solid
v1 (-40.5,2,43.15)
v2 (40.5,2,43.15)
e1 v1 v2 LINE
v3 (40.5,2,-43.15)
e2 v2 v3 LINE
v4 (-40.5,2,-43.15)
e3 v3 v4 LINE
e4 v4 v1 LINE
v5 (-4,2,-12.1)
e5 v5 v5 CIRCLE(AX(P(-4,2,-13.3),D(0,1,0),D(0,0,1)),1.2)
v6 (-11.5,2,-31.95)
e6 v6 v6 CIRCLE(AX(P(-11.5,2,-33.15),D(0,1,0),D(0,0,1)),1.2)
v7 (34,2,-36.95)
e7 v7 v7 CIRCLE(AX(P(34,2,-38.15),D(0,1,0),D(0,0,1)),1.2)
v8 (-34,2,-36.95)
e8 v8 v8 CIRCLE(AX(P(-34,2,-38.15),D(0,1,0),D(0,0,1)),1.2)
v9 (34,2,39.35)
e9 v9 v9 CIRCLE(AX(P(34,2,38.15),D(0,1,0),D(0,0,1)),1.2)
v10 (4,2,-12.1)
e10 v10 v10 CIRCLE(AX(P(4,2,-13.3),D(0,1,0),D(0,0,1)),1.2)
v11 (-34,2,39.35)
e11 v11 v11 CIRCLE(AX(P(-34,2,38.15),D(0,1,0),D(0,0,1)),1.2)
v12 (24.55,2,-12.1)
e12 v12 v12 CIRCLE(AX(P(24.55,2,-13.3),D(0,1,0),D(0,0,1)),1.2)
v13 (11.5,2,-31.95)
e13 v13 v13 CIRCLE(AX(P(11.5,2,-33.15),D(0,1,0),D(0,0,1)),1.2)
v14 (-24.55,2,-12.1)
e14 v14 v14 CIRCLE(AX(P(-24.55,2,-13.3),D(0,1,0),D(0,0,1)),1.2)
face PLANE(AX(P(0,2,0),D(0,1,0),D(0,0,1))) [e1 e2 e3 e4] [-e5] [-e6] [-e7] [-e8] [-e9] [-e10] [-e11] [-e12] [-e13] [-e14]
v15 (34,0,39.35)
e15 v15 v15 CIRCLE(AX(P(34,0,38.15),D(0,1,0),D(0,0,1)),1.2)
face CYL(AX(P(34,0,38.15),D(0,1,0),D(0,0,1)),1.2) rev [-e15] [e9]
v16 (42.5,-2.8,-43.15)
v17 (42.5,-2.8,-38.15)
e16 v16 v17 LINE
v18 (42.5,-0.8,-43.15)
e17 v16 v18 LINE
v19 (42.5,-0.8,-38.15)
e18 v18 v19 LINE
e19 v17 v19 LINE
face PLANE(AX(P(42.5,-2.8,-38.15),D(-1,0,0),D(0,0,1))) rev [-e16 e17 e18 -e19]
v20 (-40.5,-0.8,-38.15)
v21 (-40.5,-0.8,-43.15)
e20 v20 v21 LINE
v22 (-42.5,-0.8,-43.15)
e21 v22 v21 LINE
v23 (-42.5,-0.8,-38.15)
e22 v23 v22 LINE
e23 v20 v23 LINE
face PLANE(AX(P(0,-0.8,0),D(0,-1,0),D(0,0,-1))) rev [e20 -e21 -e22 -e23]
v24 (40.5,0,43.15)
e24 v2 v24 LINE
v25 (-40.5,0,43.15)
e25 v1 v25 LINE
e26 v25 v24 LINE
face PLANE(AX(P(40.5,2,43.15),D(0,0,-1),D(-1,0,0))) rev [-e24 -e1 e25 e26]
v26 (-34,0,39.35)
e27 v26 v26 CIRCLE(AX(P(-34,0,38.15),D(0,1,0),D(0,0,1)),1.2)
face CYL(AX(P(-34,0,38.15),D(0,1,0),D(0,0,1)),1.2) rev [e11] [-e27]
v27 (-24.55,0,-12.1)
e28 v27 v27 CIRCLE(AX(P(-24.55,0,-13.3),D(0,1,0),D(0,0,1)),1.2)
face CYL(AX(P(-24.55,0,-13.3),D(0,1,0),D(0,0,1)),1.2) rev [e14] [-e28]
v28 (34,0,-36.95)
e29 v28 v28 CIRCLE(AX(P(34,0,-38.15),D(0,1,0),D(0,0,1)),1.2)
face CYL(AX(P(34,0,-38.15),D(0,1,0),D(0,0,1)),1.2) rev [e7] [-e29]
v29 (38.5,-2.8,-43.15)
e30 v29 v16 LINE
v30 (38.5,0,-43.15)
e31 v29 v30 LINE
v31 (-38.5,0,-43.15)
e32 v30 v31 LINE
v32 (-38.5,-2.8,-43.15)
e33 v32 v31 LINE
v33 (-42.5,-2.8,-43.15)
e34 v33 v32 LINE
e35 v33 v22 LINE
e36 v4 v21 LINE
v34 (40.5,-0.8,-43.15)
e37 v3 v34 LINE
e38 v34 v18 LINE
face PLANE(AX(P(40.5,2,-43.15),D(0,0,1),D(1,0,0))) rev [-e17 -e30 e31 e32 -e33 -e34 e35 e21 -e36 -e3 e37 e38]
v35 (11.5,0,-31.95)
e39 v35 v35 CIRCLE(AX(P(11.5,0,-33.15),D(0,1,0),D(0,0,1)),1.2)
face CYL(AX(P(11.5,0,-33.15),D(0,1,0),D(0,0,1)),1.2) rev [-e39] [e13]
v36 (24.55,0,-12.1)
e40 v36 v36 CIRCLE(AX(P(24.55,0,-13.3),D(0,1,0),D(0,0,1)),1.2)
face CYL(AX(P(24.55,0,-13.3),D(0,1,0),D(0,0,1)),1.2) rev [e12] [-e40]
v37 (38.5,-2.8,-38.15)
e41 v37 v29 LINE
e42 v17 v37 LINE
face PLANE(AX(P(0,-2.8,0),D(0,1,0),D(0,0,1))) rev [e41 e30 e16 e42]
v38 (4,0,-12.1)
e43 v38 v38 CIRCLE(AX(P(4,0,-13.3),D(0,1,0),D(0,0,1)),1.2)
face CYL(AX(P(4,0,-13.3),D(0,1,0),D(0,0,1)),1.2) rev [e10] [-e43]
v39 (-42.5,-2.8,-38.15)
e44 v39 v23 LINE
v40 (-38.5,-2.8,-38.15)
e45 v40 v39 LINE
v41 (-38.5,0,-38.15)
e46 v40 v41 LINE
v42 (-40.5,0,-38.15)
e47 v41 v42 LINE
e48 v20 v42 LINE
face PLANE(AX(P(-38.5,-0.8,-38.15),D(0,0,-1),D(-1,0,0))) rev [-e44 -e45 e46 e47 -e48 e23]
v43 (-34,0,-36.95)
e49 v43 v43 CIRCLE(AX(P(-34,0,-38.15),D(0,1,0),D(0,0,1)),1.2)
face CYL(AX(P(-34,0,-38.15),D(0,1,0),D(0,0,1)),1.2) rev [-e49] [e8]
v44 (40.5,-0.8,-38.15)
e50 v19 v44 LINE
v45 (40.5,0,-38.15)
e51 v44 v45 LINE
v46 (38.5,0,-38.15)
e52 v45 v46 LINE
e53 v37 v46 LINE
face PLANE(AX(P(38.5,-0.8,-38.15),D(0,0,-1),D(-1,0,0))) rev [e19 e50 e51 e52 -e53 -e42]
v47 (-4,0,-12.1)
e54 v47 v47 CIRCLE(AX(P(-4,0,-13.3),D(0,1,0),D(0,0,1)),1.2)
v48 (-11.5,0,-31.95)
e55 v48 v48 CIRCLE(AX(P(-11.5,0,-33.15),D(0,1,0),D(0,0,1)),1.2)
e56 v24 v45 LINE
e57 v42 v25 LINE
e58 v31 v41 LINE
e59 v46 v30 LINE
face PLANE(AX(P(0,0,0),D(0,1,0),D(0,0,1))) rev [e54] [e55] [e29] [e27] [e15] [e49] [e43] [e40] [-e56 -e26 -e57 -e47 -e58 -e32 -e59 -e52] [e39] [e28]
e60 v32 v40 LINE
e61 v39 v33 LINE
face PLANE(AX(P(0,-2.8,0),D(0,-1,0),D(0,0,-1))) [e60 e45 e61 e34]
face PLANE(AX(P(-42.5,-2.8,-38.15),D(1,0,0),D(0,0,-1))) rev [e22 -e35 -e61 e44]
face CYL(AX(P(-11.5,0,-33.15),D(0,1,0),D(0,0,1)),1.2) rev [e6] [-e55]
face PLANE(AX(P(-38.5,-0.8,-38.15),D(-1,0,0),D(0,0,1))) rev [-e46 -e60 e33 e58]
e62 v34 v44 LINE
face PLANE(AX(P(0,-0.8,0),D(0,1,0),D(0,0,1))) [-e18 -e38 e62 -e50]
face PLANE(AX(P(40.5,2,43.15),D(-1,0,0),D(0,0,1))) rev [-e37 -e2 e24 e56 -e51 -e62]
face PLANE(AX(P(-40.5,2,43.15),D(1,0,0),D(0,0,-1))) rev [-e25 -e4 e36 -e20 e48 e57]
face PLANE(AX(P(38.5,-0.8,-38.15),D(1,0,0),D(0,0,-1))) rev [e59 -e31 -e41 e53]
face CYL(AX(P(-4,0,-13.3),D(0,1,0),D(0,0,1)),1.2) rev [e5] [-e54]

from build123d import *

# Parameters (mm, degrees)
SKETCH_1_W          = 81
SKETCH_1_H          = 86.3
EXTRUDE_1_DEPTH     = 2
SKETCH_2_R          = 1.2
CUT_EXTRUDE_1_DEPTH = 2
SKETCH_3_W          = 2
SKETCH_3_H          = 5
EXTRUDE_2_DEPTH     = 0.8
SKETCH_4_W          = 4
SKETCH_4_H          = 5
EXTRUDE_3_DEPTH     = 2


with BuildPart() as part:
    # ｽｹｯﾁ1 → ﾎﾞｽ - 押し出し1 (new body)
    with BuildSketch(Plane(origin=(0, 0, 0), x_dir=(1, 0, 0), z_dir=(0, 1, 0))):
        Rectangle(SKETCH_1_W, SKETCH_1_H)
    extrude(amount=EXTRUDE_1_DEPTH)

    # ｽｹｯﾁ2 → ｶｯﾄ - 押し出し1 (cut)
    with BuildSketch(Plane(origin=(0, 2, 0), x_dir=(1, 0, 0), z_dir=(0, 1, 0))):
        with Locations(Location((-34, -38.15, 0), (0, 0, 270))):
            Circle(SKETCH_2_R)
        with Locations(Location((-34, 38.15, 0), (0, 0, 270))):
            Circle(SKETCH_2_R)
        with Locations(Location((34, 38.15, 0), (0, 0, 270))):
            Circle(SKETCH_2_R)
        with Locations(Location((34, -38.15, 0), (0, 0, 270))):
            Circle(SKETCH_2_R)
        with Locations(Location((-24.55, 13.3, 0), (0, 0, 270))):
            Circle(SKETCH_2_R)
        with Locations(Location((24.55, 13.3, 0), (0, 0, 270))):
            Circle(SKETCH_2_R)
        with Locations(Location((-11.5, 33.15, 0), (0, 0, 270))):
            Circle(SKETCH_2_R)
        with Locations(Location((11.5, 33.15, 0), (0, 0, 270))):
            Circle(SKETCH_2_R)
        with Locations(Location((-4, 13.3, 0), (0, 0, 270))):
            Circle(SKETCH_2_R)
        with Locations(Location((4, 13.3, 0), (0, 0, 270))):
            Circle(SKETCH_2_R)
    extrude(amount=-CUT_EXTRUDE_1_DEPTH, mode=Mode.SUBTRACT)

    # ｽｹｯﾁ3 → ﾎﾞｽ - 押し出し2 (add)
    with BuildSketch(Plane.XZ):
        with Locations((-39.5, -40.65)):
            Rectangle(SKETCH_3_W, SKETCH_3_H)
        with Locations((39.5, -40.65)):
            Rectangle(SKETCH_3_W, SKETCH_3_H)
    extrude(amount=EXTRUDE_2_DEPTH)

    # ｽｹｯﾁ4 → ﾎﾞｽ - 押し出し3 (add)
    with BuildSketch(Plane.XZ.offset(0.8)):
        with Locations((-40.5, -40.65)):
            Rectangle(SKETCH_4_W, SKETCH_4_H)
        with Locations((40.5, -40.65)):
            Rectangle(SKETCH_4_W, SKETCH_4_H)
    extrude(amount=EXTRUDE_3_DEPTH)


solid = part.part
